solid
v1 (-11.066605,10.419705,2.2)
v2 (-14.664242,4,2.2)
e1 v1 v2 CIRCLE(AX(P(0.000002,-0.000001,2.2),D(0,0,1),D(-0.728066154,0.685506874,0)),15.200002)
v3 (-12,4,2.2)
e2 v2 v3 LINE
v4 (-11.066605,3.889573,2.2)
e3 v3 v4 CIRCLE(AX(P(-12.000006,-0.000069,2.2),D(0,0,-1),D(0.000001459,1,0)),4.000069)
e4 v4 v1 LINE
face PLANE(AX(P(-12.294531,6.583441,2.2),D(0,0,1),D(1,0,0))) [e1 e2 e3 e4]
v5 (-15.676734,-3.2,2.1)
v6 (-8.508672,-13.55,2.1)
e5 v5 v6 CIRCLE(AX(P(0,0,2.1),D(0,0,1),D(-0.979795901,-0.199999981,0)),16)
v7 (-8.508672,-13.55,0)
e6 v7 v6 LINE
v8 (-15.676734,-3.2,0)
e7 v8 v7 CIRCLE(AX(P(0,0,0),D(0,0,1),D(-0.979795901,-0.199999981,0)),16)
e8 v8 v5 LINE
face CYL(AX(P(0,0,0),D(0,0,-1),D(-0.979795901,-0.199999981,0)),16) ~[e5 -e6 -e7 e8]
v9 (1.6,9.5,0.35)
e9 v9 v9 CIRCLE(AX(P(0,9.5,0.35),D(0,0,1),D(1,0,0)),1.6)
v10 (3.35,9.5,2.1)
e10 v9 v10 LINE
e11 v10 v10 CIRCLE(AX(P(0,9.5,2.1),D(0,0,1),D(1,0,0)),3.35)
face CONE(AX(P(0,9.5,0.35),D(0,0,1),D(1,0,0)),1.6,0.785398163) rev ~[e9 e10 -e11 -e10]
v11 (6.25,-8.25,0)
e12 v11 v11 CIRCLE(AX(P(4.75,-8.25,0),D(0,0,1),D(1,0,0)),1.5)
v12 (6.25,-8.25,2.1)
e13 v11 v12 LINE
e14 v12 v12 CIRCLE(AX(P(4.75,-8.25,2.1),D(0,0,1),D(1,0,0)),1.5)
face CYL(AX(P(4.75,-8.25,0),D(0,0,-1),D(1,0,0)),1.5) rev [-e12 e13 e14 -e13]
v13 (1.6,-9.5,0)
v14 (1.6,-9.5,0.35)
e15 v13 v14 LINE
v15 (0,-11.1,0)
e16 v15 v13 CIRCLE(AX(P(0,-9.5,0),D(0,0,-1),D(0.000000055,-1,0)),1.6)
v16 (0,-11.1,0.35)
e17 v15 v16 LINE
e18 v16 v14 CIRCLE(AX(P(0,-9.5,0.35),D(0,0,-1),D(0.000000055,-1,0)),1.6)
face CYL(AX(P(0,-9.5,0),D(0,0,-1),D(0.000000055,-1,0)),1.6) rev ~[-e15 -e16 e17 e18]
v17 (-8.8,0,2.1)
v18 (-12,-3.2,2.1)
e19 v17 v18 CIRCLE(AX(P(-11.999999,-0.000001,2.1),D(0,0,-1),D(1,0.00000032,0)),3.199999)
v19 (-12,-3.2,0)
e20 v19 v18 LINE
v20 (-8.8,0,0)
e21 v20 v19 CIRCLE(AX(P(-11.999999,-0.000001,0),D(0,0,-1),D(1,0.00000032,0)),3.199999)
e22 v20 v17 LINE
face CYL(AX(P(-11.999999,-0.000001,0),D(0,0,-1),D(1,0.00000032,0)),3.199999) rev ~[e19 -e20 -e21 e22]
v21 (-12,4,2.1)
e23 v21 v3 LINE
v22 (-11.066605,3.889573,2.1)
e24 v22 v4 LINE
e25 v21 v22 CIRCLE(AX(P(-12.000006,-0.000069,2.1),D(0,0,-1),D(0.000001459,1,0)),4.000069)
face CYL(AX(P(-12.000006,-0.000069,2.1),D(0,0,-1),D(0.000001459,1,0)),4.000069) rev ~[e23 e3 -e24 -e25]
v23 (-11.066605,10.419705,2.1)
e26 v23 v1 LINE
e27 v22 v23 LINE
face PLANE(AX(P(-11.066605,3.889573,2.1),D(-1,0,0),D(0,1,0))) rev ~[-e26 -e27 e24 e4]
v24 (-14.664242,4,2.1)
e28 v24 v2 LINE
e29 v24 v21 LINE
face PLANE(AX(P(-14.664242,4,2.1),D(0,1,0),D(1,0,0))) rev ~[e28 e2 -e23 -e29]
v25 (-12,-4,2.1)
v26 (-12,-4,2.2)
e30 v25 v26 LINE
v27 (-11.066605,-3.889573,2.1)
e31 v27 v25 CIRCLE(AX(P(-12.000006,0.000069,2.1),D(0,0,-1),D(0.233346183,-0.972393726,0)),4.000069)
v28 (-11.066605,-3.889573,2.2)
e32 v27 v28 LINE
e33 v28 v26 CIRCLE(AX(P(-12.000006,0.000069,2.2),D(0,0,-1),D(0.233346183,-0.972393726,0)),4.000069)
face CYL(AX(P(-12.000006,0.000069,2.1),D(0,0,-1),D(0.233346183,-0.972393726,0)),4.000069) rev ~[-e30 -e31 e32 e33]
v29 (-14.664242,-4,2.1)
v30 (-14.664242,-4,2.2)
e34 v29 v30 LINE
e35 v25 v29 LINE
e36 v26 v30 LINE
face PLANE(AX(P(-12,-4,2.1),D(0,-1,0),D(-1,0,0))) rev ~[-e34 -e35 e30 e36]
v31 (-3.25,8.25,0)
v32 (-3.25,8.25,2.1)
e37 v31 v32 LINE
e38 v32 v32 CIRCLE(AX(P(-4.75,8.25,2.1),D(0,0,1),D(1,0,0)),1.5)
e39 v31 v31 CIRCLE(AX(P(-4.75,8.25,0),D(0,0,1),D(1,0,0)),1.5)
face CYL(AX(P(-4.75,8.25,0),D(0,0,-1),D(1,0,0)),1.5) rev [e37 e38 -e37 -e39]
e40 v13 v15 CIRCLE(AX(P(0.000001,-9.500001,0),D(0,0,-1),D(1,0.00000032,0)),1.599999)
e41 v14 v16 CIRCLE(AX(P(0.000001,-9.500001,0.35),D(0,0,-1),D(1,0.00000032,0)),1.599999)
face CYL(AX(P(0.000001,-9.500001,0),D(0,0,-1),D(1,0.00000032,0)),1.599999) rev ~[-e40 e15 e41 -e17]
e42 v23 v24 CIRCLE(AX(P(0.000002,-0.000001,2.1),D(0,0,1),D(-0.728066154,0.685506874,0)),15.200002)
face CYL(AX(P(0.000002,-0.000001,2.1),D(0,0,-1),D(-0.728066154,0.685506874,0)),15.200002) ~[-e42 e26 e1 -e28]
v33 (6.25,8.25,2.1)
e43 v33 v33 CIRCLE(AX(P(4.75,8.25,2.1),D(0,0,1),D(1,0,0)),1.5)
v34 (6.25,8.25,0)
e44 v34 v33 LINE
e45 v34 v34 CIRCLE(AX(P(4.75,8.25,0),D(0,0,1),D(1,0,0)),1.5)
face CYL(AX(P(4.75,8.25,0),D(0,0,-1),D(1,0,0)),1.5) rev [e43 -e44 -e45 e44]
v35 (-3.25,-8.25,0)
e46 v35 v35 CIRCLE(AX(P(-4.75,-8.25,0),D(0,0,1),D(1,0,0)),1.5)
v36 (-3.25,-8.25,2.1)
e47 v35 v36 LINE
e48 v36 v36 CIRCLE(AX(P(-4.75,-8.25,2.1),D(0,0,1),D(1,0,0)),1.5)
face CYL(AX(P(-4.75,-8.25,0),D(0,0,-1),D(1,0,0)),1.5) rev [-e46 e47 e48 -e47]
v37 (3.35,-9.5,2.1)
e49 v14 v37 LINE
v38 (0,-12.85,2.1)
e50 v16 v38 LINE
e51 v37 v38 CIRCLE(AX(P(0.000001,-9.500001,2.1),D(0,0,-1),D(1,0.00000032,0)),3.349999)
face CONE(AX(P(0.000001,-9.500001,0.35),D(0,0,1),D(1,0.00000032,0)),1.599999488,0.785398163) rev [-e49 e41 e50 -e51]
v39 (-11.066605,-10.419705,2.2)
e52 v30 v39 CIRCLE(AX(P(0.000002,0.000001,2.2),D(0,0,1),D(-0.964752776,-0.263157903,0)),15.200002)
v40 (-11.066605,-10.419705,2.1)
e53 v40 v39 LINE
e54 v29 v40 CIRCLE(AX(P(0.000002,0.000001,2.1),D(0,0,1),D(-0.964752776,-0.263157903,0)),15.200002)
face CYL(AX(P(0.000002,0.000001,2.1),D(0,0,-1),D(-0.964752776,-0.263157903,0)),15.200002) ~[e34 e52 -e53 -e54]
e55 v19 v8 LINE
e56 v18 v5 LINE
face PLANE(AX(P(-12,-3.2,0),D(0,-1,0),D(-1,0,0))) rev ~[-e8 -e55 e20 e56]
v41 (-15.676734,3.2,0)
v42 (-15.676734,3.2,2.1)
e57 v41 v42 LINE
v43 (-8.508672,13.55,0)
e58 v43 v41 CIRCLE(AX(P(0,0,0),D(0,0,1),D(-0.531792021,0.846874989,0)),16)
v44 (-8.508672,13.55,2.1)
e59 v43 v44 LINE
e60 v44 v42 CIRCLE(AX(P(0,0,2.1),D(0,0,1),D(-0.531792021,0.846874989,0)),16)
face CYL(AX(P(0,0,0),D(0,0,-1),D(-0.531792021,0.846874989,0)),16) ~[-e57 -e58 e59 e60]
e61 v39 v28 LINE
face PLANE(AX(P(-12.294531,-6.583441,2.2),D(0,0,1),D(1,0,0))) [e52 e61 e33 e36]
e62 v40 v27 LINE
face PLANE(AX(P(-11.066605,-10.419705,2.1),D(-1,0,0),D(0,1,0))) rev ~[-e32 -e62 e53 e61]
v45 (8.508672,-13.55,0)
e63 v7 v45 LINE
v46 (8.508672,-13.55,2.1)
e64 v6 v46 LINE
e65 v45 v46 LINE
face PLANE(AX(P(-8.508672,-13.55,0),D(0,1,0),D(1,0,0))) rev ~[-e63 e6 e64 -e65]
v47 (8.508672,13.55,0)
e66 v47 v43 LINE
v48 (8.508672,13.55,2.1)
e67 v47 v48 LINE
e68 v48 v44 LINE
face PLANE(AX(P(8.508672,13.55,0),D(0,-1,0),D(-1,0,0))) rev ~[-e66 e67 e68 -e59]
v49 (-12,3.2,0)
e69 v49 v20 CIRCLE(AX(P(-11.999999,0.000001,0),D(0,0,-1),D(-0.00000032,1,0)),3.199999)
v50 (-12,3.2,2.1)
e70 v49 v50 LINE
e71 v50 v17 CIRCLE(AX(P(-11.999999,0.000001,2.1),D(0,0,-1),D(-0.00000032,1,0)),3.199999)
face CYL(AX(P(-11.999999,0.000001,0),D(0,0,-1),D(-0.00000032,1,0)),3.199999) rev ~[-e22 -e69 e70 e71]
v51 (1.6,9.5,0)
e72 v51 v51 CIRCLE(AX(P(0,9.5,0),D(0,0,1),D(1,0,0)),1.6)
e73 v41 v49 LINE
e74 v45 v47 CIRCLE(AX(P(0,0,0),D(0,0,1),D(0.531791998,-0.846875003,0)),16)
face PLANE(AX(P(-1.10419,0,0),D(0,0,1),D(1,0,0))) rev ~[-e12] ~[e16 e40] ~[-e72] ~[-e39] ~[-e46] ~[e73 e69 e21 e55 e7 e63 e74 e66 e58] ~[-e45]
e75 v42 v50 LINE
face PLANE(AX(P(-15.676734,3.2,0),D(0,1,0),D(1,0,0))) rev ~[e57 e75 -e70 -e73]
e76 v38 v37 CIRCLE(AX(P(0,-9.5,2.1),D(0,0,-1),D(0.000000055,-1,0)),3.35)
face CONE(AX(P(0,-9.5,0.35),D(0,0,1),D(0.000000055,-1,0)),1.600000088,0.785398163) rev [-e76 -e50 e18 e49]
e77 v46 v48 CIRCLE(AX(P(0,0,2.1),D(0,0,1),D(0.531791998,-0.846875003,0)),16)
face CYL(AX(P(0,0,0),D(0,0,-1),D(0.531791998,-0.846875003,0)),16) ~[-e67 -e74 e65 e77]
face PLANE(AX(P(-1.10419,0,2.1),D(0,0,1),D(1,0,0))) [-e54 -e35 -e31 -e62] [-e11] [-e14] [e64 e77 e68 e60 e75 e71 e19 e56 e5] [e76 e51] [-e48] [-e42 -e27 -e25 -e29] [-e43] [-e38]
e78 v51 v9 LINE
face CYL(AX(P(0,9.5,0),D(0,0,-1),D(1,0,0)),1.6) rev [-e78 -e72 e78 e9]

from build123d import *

# Parameters (mm, degrees)
F0_R     = 1.5
F0_R_2   = 1.6
F1_DEPTH = 2.1
F2_SIZE  = 1.75
F4_DEPTH = 0.1


with BuildPart() as f1:
    # F0 (on Top) → F1 (new body)
    with BuildSketch(Plane.XY):
        with BuildLine():
            Line((8.508672, 13.55), (-8.508672, 13.55))
            ThreePointArc((-8.508672, 13.55), (-13.153482, 9.10966), (-15.676734, 3.2))
            Line((-15.676734, 3.2), (-12, 3.2))
            ThreePointArc((-12, 3.2), (-9.737258, 2.262742), (-8.8, 0))
            ThreePointArc((-8.8, 0), (-9.737258, -2.262742), (-12, -3.2))
            Line((-12, -3.2), (-15.676734, -3.2))
            ThreePointArc((-15.676734, -3.2), (-13.153482, -9.10966), (-8.508672, -13.55))
            Line((-8.508672, -13.55), (0, -13.55))
            Line((0, -13.55), (8.508672, -13.55))
            ThreePointArc((8.508672, -13.55), (16, 0), (8.508672, 13.55))
        make_face()
        with Locations((-4.75, -8.25)):
            Circle(F0_R, mode=Mode.SUBTRACT)
        with BuildLine():
            ThreePointArc((1.6, -9.5), (1.131371, -10.631371), (0, -11.1))
            ThreePointArc((0, -11.1), (-1.131371, -8.368629), (1.6, -9.5))
        make_face(mode=Mode.SUBTRACT)
        with Locations((4.75, -8.25)):
            Circle(F0_R, mode=Mode.SUBTRACT)
        with Locations((-4.75, 8.25)):
            Circle(F0_R, mode=Mode.SUBTRACT)
        with Locations((0, 9.5)):
            Circle(F0_R_2, mode=Mode.SUBTRACT)
        with Locations((4.75, 8.25)):
            Circle(F0_R, mode=Mode.SUBTRACT)
    extrude(amount=F1_DEPTH)

    # F2
    f2_edges = [f1.edges().sort_by_distance(p)[0] for p in [
        (-1.6, -9.5, 2.1),
        (-1.6, 9.5, 2.1),
    ]]
    chamfer(f2_edges, length=F2_SIZE)

    # F3 (on face) → F4 (join)
    with BuildSketch(Plane.XY.offset(2.1)):
        with BuildLine():
            ThreePointArc((-12, 4), (-11.530048, 3.972297), (-11.066605, 3.889573))
            Line((-11.066605, 3.889573), (-11.066605, 10.419705))
            ThreePointArc((-11.066605, 10.419705), (-13.259799, 7.430863), (-14.664242, 4))
            Line((-14.664242, 4), (-12, 4))
        make_face()
        with BuildLine():
            Line((-12, -4), (-14.664242, -4))
            ThreePointArc((-14.664242, -4), (-13.259799, -7.430863), (-11.066605, -10.419705))
            Line((-11.066605, -10.419705), (-11.066605, -3.889573))
            ThreePointArc((-11.066605, -3.889573), (-11.530048, -3.972297), (-12, -4))
        make_face()
    extrude(amount=F4_DEPTH)


solid = f1.part
